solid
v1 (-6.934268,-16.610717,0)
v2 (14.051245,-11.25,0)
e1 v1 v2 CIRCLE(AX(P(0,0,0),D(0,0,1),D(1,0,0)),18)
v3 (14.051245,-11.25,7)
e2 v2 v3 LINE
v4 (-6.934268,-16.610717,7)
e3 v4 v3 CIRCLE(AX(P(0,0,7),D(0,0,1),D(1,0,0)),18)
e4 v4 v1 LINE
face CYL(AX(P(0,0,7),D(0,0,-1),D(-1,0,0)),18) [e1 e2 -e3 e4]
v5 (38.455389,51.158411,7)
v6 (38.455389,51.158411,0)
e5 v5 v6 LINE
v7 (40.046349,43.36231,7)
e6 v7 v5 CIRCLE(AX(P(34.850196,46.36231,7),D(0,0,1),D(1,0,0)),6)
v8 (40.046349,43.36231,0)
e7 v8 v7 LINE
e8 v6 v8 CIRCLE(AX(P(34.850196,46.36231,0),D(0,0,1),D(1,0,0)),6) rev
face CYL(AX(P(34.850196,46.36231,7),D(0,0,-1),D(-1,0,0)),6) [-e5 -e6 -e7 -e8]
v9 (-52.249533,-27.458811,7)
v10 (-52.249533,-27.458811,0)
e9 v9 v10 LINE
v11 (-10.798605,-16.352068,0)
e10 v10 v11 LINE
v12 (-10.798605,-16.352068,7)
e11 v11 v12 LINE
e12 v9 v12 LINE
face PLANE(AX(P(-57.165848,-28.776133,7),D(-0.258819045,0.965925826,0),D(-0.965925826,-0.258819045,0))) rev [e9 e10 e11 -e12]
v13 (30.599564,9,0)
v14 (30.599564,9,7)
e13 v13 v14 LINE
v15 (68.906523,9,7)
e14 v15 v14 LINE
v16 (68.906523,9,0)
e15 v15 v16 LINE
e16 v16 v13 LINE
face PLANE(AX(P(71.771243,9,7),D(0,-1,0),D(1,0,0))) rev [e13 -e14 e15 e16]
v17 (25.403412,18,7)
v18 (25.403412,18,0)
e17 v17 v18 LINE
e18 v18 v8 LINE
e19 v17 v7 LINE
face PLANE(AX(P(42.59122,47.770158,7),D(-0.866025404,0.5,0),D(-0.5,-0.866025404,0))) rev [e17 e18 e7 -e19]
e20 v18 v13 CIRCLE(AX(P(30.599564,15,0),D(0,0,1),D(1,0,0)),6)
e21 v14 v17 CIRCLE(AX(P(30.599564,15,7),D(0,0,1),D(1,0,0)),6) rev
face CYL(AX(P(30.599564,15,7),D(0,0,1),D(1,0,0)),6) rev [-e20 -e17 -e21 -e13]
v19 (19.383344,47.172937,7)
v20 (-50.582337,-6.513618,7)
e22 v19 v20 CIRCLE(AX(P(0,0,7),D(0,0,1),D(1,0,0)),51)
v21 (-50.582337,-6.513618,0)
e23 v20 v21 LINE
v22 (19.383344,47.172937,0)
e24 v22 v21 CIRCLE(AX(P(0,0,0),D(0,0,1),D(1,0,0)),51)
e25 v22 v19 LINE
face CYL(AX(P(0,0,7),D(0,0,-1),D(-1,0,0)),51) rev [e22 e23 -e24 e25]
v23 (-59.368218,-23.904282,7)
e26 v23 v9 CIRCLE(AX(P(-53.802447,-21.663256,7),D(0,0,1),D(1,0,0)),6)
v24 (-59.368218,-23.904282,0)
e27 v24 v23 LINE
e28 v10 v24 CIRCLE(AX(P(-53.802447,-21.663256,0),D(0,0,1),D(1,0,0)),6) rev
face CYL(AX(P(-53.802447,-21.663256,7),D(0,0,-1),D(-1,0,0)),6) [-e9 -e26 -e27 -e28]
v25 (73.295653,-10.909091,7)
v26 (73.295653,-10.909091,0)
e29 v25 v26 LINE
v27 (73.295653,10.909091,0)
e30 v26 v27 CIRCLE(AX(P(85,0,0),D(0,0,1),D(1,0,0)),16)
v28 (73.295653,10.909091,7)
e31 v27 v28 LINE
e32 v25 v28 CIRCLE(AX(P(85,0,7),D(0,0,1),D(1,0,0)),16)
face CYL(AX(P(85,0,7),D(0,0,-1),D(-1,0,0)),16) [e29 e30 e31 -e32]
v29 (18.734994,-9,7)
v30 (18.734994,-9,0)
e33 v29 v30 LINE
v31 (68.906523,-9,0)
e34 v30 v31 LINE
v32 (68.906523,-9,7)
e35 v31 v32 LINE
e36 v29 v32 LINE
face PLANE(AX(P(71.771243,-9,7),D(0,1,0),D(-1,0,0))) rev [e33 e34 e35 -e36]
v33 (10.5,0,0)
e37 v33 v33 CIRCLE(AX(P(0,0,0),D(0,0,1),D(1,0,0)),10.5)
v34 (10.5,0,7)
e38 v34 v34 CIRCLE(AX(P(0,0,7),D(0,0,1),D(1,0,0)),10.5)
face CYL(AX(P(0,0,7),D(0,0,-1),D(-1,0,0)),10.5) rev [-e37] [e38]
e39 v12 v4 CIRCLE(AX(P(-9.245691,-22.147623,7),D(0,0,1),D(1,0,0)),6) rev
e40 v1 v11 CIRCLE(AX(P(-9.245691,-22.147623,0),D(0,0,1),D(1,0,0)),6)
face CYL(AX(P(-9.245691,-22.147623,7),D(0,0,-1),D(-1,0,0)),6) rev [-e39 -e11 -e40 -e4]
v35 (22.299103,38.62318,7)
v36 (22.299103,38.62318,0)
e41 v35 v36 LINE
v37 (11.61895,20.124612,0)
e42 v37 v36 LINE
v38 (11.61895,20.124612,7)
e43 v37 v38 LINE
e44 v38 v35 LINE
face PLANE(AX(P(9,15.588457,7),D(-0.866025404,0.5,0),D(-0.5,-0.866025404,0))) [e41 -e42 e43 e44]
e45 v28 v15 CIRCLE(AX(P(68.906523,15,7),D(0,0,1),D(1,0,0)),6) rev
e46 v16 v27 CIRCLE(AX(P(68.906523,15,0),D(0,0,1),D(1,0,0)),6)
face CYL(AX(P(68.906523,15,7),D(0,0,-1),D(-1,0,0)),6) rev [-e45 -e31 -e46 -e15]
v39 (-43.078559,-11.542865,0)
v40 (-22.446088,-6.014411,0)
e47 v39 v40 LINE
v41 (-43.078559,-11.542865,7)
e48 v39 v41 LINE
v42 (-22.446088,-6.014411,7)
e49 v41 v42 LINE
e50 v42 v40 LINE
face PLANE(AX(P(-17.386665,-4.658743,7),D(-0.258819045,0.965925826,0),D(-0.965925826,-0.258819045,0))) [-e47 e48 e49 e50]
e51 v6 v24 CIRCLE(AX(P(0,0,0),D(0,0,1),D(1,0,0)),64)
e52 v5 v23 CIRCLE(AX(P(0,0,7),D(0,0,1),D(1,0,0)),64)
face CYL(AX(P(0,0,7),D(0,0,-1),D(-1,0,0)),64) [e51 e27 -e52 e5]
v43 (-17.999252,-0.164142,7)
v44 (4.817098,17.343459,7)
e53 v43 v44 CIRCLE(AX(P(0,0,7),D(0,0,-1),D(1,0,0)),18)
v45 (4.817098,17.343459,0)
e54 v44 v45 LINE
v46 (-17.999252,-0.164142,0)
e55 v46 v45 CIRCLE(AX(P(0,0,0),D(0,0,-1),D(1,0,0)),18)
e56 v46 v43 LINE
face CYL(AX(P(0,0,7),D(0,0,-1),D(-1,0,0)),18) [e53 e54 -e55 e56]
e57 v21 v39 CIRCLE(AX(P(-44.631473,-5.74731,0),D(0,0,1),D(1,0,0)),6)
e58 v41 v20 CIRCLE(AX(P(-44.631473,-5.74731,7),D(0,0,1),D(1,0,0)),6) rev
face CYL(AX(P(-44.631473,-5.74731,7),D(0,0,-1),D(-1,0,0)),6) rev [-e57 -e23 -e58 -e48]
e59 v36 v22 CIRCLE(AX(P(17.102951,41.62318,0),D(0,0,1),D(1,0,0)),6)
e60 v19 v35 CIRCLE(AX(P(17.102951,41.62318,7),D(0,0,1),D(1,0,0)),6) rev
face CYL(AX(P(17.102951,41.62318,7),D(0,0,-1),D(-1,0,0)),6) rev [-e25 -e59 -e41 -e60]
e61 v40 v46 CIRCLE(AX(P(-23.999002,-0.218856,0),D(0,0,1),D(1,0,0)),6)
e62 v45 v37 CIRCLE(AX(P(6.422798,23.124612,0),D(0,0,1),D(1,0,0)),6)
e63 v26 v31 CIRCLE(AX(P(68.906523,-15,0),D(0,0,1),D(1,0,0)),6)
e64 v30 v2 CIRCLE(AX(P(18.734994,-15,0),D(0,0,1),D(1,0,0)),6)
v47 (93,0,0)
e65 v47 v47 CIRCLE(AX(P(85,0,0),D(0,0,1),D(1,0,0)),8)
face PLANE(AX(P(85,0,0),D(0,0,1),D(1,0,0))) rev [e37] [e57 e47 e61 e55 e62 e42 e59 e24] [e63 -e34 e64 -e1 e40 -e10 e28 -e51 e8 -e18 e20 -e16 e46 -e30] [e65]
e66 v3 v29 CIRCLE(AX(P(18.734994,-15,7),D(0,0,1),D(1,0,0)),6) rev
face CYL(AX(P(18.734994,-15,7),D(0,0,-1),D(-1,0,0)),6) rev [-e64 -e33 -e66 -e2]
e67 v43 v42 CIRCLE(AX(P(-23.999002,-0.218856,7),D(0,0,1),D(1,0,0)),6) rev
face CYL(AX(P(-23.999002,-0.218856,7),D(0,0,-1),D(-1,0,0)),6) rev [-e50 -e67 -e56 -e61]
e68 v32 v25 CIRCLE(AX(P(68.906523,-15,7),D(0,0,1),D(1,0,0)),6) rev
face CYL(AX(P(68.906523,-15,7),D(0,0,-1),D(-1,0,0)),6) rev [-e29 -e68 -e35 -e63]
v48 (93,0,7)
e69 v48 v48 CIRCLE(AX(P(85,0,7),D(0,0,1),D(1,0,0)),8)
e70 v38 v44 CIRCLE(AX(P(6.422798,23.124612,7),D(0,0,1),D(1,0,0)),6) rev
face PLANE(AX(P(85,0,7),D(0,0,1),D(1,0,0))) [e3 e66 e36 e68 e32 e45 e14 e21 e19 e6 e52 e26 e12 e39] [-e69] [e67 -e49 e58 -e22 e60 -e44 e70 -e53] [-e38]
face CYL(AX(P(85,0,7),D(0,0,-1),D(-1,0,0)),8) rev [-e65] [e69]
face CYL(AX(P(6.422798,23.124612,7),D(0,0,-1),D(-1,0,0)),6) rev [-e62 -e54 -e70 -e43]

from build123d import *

# Parameters (mm, degrees)
SKETCH1_R           = 10.5
SKETCH1_R_2         = 8
BOSS_EXTRUDE2_DEPTH = 7
FILLET4_R           = 6
FILLET5_R           = 6


with BuildPart() as part:
    # Sketch1 → Boss-Extrude2 (new body)
    with BuildSketch(Plane.XY):
        with BuildLine():
            Line((71.771243445, 9), (20.207259422, 9))
            Line((20.207259422, 9), (42.591220317, 47.770157545))
            ThreePointArc((42.591220317, 47.770157545), (-38.960731457, 50.774613779), (-57.165847871, -28.776133117))
            Line((-57.165847871, -28.776133117), (-8.66103197, -15.779306867))
            ThreePointArc((-8.66103197, -15.779306867), (4.846344572, -17.335309178), (15.588457268, -9))
            Line((15.588457268, -9), (71.771243445, -9))
            ThreePointArc((71.771243445, -9), (101, 0), (71.771243445, 9))
        make_face()
        Circle(SKETCH1_R, mode=Mode.SUBTRACT)
        with Locations((85, 0)):
            Circle(SKETCH1_R_2, mode=Mode.SUBTRACT)
        with BuildLine():
            Line((9, 15.588457268), (25.5, 44.167295593))
            ThreePointArc((25.5, 44.167295593), (-31.046832879, 40.461020355), (-49.262217141, -13.1997713))
            Line((-49.262217141, -13.1997713), (-17.386664873, -4.658742812))
            ThreePointArc((-17.386664873, -4.658742812), (-10.957705722, 14.280360125), (9, 15.588457268))
        make_face(mode=Mode.SUBTRACT)
    extrude(amount=BOSS_EXTRUDE2_DEPTH)

    # Fillet4
    fillet4_edges = [part.edges().sort_by_distance(p)[0] for p in [
        (71.771243445, -9, 3.5),
        (15.588457268, -9, 3.5),
        (-8.66103197, -15.779306867, 3.5),
        (-57.165847871, -28.776133117, 3.5),
        (42.591220317, 47.770157545, 3.5),
        (20.207259422, 9, 3.5),
        (71.771243445, 9, 3.5),
    ]]
    fillet(fillet4_edges, radius=FILLET4_R)

    # Fillet5
    fillet5_edges = [part.edges().sort_by_distance(p)[0] for p in [
        (25.5, 44.167295593, 3.5),
        (-49.262217141, -13.1997713, 3.5),
        (-17.386664873, -4.658742812, 3.5),
        (9, 15.588457268, 3.5),
    ]]
    fillet(fillet5_edges, radius=FILLET5_R)


solid = part.part
